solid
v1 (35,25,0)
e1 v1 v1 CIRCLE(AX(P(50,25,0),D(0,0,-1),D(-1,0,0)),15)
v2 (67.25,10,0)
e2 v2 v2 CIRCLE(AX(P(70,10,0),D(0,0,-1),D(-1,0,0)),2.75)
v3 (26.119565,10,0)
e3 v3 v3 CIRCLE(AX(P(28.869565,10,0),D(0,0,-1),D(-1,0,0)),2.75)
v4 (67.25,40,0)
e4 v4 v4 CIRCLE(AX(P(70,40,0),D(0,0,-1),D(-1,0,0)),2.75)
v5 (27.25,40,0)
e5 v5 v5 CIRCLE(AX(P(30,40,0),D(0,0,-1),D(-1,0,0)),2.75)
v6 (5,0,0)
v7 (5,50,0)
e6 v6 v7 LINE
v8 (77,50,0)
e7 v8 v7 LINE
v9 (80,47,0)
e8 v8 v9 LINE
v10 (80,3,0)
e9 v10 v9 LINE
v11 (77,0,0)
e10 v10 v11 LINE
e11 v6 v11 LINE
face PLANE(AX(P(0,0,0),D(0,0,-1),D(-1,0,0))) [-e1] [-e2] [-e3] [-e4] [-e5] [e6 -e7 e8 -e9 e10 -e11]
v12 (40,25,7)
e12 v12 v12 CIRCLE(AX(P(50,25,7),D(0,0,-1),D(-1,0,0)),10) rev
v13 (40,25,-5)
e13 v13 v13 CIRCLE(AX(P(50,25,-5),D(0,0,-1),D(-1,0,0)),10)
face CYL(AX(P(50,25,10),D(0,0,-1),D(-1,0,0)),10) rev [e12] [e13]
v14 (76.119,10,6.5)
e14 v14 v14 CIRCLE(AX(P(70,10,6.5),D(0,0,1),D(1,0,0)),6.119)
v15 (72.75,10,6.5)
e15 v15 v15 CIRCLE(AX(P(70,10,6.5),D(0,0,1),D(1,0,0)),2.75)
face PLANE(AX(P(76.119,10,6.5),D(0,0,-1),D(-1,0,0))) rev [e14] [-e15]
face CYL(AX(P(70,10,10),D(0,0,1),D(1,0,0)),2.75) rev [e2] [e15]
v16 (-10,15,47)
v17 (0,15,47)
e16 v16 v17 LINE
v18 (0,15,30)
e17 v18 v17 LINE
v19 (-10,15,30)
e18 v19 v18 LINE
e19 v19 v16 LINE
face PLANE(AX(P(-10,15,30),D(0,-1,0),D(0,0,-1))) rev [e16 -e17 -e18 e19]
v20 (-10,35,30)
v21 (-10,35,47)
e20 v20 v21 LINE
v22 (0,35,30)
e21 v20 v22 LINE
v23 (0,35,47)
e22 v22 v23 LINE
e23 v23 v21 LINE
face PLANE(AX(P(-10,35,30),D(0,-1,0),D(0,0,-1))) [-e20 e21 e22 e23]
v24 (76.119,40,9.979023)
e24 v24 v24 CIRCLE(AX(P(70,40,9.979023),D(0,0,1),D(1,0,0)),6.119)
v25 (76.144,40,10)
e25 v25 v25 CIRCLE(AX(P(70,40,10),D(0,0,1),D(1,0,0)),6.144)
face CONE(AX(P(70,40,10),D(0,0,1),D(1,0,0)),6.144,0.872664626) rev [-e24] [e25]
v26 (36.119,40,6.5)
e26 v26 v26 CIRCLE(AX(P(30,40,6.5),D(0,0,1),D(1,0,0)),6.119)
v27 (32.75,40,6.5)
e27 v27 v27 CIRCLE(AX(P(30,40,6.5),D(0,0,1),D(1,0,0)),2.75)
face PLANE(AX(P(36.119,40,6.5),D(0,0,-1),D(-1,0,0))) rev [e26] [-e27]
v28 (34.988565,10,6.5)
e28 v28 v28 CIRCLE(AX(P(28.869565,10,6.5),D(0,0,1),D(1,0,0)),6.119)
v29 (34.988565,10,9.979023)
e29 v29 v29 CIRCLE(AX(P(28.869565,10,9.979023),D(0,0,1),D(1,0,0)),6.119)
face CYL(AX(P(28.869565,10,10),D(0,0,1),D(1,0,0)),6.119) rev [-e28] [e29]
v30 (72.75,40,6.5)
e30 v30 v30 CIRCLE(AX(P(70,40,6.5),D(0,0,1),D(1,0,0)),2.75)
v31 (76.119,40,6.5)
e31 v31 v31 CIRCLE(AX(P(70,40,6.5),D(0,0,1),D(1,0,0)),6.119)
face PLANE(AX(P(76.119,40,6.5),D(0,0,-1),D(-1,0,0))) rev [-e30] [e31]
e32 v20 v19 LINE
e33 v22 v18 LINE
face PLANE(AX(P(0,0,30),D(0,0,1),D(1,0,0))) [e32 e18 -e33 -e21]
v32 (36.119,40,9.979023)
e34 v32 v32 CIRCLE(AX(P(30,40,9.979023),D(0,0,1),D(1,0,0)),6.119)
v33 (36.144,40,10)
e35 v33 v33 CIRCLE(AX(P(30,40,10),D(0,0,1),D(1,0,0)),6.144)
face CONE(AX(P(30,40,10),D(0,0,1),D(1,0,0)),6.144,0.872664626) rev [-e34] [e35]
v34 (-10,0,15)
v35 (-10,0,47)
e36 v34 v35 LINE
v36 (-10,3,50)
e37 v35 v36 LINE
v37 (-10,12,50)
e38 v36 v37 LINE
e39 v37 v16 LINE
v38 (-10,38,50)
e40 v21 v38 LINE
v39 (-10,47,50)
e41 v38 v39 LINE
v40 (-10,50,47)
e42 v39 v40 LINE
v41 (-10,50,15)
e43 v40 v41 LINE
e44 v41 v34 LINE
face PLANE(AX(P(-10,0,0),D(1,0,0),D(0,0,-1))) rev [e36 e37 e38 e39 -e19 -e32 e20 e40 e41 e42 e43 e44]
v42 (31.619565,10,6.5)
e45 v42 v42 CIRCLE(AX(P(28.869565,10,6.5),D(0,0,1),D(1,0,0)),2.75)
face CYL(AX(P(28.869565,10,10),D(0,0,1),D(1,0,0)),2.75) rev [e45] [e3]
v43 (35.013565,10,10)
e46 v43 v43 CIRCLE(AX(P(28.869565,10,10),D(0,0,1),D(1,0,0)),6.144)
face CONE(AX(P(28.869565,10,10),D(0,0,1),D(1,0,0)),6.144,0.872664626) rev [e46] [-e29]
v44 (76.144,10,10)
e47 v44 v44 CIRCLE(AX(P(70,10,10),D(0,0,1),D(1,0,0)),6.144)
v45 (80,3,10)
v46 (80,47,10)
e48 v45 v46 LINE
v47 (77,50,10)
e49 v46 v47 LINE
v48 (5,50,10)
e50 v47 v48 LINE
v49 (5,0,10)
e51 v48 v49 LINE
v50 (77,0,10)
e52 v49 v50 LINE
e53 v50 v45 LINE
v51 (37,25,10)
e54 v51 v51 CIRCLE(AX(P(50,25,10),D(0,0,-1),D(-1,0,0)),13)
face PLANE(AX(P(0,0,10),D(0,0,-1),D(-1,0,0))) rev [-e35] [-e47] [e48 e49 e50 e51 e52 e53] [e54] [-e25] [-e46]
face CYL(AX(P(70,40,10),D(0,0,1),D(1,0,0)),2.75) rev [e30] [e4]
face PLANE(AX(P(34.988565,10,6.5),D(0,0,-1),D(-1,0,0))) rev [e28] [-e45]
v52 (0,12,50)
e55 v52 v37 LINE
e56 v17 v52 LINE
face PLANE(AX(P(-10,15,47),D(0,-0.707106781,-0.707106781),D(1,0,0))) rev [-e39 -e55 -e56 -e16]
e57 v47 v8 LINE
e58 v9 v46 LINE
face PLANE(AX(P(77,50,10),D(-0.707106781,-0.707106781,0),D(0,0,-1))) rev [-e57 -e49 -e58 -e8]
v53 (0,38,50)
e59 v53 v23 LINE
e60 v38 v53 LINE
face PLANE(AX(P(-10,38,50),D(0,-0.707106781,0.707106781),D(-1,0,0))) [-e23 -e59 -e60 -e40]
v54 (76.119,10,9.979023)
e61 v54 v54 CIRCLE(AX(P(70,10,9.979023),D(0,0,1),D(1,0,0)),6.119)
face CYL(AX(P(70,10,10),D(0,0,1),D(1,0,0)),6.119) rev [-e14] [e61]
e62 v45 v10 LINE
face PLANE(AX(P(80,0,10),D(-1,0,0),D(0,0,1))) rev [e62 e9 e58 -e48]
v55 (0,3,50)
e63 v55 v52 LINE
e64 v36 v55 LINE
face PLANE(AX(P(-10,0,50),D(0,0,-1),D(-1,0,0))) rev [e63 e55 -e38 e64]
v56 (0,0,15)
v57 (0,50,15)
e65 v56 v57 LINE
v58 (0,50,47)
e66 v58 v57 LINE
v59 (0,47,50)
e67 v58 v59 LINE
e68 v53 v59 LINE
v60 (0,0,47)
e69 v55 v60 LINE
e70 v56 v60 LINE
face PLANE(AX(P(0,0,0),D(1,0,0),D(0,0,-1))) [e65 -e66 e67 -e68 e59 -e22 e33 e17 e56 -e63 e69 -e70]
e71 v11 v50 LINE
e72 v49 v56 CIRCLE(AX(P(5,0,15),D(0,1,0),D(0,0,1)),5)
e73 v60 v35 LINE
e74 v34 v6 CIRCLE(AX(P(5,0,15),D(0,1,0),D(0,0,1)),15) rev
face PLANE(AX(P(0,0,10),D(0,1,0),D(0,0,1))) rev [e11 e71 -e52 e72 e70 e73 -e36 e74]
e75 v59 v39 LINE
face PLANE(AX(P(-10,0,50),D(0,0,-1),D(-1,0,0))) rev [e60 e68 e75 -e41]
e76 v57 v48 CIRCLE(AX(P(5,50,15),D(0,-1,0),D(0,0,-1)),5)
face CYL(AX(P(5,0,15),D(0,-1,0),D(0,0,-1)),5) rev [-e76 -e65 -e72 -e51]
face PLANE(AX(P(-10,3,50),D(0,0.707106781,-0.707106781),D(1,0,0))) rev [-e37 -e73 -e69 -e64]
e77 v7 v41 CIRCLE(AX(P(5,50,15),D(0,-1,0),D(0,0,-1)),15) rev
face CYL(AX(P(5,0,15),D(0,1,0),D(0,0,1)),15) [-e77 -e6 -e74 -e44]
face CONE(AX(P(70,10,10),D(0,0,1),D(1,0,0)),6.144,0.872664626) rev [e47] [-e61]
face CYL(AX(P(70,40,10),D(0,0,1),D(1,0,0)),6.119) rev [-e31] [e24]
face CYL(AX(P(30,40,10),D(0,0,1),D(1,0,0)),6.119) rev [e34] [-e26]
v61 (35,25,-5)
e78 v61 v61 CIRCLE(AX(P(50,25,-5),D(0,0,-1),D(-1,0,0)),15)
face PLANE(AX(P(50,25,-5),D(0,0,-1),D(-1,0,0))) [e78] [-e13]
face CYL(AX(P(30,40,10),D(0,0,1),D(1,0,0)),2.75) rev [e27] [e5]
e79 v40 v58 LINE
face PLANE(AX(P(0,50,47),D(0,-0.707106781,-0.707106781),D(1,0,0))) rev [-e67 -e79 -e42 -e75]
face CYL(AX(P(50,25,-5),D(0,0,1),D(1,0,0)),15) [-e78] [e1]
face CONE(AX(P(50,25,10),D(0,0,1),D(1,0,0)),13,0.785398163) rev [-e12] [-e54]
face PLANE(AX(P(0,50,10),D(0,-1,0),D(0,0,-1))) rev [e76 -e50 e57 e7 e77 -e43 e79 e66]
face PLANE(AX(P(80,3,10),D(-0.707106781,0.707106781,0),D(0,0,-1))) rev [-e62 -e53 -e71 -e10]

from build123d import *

# Parameters (mm, degrees)
SKETCH1_W                              = 80
SKETCH1_H                              = 50
BOSS_EXTRUDE1_DEPTH                    = 10
SKETCH2_W                              = 50
SKETCH2_H                              = 50
BOSS_EXTRUDE2_DEPTH                    = 10
SKETCH5_W                              = 10
SKETCH5_H                              = 20
CUT_EXTRUDE2_DEPTH                     = 20
SKETCH10_R                             = 15
BOSS_EXTRUDE3_DEPTH                    = 5
SKETCH13_R                             = 10
CUT_EXTRUDE4_DEPTH                     = 15
CHAMFER1_SIZE                          = 3
CBORE_FOR_M5_HEX_HEAD_BOLT2_AT_2_COUNT = 2
CBORE_FOR_M5_HEX_HEAD_BOLT2_AT_2_PITCH = 30
CBORE_FOR_M5_HEX_HEAD_BOLT2_AT_3_COUNT = 2
CBORE_FOR_M5_HEX_HEAD_BOLT2_AT_3_PITCH = 50.908866275
CBORE_FOR_M5_HEX_HEAD_BOLT2_AT_4_COUNT = 2
CBORE_FOR_M5_HEX_HEAD_BOLT2_AT_4_PITCH = 40
CHAMFER2_SIZE                          = 3
CHAMFER3_SIZE                          = 3
CHAMFER4_SIZE                          = 3
FILLET1_R                              = 5
FILLET2_R                              = 15


with BuildPart() as part:
    # Sketch1 → Boss-Extrude1 (new body)
    with BuildSketch(Plane.XY):
        with Locations((40, 25)):
            Rectangle(SKETCH1_W, SKETCH1_H)
    extrude(amount=BOSS_EXTRUDE1_DEPTH)

    # Sketch2 → Boss-Extrude2 (add)
    with BuildSketch(Plane.ZY):
        with Locations((25, 25)):
            Rectangle(SKETCH2_W, SKETCH2_H)
    extrude(amount=BOSS_EXTRUDE2_DEPTH)

    # Sketch5 → Cut-Extrude2 (cut)
    with BuildSketch(Plane.XY.offset(50)):
        with Locations((-5, 25)):
            Rectangle(SKETCH5_W, SKETCH5_H)
    extrude(amount=-CUT_EXTRUDE2_DEPTH, mode=Mode.SUBTRACT)

    # Sketch10 → Boss-Extrude3 (add)
    with BuildSketch(Plane(origin=(0, 0, 0), x_dir=(-1, 0, 0), z_dir=(0, 0, -1))):
        with Locations((-50, 25)):
            Circle(SKETCH10_R)
    extrude(amount=BOSS_EXTRUDE3_DEPTH)

    # Sketch13 → Cut-Extrude4 (cut)
    with BuildSketch(Plane(origin=(0, 0, -5), x_dir=(-1, 0, 0), z_dir=(0, 0, -1))):
        with Locations((-50, 25)):
            Circle(SKETCH13_R)
    extrude(amount=-CUT_EXTRUDE4_DEPTH, mode=Mode.SUBTRACT)

    # Chamfer1
    chamfer1_edges = [part.edges().sort_by_distance(p)[0] for p in [
        (60, 25, 10),
    ]]
    chamfer(chamfer1_edges, length=CHAMFER1_SIZE)

    # Sketch19 → CBORE for M5 Hex Head Bolt2 (revolve, cut)
    with BuildSketch(Plane(origin=(70, 40, 10), x_dir=(0, -1, 0), z_dir=(1, 0, 0))):
        Polygon((0, 0), (0, 15), (2.75, 15), (2.75, 3.5), (6.119, 3.5), (6.119, 0.020977491), (6.144, 0), align=None)
    cbore_for_m5_hex_head_bolt2 = revolve(axis=Axis((70, 40, 16.35), (0, 0, -1)), mode=Mode.SUBTRACT)

    # CBORE for M5 Hex Head Bolt2 at 2: CBORE for M5 Hex Head Bolt2 ×2
    with Locations(*[(0, -i * CBORE_FOR_M5_HEX_HEAD_BOLT2_AT_2_PITCH, 0) for i in range(1, CBORE_FOR_M5_HEX_HEAD_BOLT2_AT_2_COUNT)]):
        add(cbore_for_m5_hex_head_bolt2, mode=Mode.SUBTRACT)

    # CBORE for M5 Hex Head Bolt2 at 3: CBORE for M5 Hex Head Bolt2 ×2
    with Locations(*[Vector(-0.80792282, -0.589288314, 0) * (i * CBORE_FOR_M5_HEX_HEAD_BOLT2_AT_3_PITCH) for i in range(1, CBORE_FOR_M5_HEX_HEAD_BOLT2_AT_3_COUNT)]):
        add(cbore_for_m5_hex_head_bolt2, mode=Mode.SUBTRACT)

    # CBORE for M5 Hex Head Bolt2 at 4: CBORE for M5 Hex Head Bolt2 ×2
    with Locations(*[(-i * CBORE_FOR_M5_HEX_HEAD_BOLT2_AT_4_PITCH, 0, 0) for i in range(1, CBORE_FOR_M5_HEX_HEAD_BOLT2_AT_4_COUNT)]):
        add(cbore_for_m5_hex_head_bolt2, mode=Mode.SUBTRACT)

    # Chamfer2
    chamfer2_edges = [part.edges().sort_by_distance(p)[0] for p in [
        (-5, 50, 50),
    ]]
    chamfer(chamfer2_edges, length=CHAMFER2_SIZE)

    # Chamfer3
    chamfer3_edges = [part.edges().sort_by_distance(p)[0] for p in [
        (-5, 35, 50),
    ]]
    chamfer(chamfer3_edges, length=CHAMFER3_SIZE)

    # Chamfer4
    chamfer4_edges = [part.edges().sort_by_distance(p)[0] for p in [
        (-5, 0, 50),
        (-5, 15, 50),
        (80, 50, 5),
        (80, 0, 5),
    ]]
    chamfer(chamfer4_edges, length=CHAMFER4_SIZE)

    # Fillet1
    fillet1_edges = [part.edges().sort_by_distance(p)[0] for p in [
        (0, 25, 10),
    ]]
    fillet(fillet1_edges, radius=FILLET1_R)

    # Fillet2
    fillet2_edges = [part.edges().sort_by_distance(p)[0] for p in [
        (-10, 25, 0),
    ]]
    fillet(fillet2_edges, radius=FILLET2_R)


solid = part.part
